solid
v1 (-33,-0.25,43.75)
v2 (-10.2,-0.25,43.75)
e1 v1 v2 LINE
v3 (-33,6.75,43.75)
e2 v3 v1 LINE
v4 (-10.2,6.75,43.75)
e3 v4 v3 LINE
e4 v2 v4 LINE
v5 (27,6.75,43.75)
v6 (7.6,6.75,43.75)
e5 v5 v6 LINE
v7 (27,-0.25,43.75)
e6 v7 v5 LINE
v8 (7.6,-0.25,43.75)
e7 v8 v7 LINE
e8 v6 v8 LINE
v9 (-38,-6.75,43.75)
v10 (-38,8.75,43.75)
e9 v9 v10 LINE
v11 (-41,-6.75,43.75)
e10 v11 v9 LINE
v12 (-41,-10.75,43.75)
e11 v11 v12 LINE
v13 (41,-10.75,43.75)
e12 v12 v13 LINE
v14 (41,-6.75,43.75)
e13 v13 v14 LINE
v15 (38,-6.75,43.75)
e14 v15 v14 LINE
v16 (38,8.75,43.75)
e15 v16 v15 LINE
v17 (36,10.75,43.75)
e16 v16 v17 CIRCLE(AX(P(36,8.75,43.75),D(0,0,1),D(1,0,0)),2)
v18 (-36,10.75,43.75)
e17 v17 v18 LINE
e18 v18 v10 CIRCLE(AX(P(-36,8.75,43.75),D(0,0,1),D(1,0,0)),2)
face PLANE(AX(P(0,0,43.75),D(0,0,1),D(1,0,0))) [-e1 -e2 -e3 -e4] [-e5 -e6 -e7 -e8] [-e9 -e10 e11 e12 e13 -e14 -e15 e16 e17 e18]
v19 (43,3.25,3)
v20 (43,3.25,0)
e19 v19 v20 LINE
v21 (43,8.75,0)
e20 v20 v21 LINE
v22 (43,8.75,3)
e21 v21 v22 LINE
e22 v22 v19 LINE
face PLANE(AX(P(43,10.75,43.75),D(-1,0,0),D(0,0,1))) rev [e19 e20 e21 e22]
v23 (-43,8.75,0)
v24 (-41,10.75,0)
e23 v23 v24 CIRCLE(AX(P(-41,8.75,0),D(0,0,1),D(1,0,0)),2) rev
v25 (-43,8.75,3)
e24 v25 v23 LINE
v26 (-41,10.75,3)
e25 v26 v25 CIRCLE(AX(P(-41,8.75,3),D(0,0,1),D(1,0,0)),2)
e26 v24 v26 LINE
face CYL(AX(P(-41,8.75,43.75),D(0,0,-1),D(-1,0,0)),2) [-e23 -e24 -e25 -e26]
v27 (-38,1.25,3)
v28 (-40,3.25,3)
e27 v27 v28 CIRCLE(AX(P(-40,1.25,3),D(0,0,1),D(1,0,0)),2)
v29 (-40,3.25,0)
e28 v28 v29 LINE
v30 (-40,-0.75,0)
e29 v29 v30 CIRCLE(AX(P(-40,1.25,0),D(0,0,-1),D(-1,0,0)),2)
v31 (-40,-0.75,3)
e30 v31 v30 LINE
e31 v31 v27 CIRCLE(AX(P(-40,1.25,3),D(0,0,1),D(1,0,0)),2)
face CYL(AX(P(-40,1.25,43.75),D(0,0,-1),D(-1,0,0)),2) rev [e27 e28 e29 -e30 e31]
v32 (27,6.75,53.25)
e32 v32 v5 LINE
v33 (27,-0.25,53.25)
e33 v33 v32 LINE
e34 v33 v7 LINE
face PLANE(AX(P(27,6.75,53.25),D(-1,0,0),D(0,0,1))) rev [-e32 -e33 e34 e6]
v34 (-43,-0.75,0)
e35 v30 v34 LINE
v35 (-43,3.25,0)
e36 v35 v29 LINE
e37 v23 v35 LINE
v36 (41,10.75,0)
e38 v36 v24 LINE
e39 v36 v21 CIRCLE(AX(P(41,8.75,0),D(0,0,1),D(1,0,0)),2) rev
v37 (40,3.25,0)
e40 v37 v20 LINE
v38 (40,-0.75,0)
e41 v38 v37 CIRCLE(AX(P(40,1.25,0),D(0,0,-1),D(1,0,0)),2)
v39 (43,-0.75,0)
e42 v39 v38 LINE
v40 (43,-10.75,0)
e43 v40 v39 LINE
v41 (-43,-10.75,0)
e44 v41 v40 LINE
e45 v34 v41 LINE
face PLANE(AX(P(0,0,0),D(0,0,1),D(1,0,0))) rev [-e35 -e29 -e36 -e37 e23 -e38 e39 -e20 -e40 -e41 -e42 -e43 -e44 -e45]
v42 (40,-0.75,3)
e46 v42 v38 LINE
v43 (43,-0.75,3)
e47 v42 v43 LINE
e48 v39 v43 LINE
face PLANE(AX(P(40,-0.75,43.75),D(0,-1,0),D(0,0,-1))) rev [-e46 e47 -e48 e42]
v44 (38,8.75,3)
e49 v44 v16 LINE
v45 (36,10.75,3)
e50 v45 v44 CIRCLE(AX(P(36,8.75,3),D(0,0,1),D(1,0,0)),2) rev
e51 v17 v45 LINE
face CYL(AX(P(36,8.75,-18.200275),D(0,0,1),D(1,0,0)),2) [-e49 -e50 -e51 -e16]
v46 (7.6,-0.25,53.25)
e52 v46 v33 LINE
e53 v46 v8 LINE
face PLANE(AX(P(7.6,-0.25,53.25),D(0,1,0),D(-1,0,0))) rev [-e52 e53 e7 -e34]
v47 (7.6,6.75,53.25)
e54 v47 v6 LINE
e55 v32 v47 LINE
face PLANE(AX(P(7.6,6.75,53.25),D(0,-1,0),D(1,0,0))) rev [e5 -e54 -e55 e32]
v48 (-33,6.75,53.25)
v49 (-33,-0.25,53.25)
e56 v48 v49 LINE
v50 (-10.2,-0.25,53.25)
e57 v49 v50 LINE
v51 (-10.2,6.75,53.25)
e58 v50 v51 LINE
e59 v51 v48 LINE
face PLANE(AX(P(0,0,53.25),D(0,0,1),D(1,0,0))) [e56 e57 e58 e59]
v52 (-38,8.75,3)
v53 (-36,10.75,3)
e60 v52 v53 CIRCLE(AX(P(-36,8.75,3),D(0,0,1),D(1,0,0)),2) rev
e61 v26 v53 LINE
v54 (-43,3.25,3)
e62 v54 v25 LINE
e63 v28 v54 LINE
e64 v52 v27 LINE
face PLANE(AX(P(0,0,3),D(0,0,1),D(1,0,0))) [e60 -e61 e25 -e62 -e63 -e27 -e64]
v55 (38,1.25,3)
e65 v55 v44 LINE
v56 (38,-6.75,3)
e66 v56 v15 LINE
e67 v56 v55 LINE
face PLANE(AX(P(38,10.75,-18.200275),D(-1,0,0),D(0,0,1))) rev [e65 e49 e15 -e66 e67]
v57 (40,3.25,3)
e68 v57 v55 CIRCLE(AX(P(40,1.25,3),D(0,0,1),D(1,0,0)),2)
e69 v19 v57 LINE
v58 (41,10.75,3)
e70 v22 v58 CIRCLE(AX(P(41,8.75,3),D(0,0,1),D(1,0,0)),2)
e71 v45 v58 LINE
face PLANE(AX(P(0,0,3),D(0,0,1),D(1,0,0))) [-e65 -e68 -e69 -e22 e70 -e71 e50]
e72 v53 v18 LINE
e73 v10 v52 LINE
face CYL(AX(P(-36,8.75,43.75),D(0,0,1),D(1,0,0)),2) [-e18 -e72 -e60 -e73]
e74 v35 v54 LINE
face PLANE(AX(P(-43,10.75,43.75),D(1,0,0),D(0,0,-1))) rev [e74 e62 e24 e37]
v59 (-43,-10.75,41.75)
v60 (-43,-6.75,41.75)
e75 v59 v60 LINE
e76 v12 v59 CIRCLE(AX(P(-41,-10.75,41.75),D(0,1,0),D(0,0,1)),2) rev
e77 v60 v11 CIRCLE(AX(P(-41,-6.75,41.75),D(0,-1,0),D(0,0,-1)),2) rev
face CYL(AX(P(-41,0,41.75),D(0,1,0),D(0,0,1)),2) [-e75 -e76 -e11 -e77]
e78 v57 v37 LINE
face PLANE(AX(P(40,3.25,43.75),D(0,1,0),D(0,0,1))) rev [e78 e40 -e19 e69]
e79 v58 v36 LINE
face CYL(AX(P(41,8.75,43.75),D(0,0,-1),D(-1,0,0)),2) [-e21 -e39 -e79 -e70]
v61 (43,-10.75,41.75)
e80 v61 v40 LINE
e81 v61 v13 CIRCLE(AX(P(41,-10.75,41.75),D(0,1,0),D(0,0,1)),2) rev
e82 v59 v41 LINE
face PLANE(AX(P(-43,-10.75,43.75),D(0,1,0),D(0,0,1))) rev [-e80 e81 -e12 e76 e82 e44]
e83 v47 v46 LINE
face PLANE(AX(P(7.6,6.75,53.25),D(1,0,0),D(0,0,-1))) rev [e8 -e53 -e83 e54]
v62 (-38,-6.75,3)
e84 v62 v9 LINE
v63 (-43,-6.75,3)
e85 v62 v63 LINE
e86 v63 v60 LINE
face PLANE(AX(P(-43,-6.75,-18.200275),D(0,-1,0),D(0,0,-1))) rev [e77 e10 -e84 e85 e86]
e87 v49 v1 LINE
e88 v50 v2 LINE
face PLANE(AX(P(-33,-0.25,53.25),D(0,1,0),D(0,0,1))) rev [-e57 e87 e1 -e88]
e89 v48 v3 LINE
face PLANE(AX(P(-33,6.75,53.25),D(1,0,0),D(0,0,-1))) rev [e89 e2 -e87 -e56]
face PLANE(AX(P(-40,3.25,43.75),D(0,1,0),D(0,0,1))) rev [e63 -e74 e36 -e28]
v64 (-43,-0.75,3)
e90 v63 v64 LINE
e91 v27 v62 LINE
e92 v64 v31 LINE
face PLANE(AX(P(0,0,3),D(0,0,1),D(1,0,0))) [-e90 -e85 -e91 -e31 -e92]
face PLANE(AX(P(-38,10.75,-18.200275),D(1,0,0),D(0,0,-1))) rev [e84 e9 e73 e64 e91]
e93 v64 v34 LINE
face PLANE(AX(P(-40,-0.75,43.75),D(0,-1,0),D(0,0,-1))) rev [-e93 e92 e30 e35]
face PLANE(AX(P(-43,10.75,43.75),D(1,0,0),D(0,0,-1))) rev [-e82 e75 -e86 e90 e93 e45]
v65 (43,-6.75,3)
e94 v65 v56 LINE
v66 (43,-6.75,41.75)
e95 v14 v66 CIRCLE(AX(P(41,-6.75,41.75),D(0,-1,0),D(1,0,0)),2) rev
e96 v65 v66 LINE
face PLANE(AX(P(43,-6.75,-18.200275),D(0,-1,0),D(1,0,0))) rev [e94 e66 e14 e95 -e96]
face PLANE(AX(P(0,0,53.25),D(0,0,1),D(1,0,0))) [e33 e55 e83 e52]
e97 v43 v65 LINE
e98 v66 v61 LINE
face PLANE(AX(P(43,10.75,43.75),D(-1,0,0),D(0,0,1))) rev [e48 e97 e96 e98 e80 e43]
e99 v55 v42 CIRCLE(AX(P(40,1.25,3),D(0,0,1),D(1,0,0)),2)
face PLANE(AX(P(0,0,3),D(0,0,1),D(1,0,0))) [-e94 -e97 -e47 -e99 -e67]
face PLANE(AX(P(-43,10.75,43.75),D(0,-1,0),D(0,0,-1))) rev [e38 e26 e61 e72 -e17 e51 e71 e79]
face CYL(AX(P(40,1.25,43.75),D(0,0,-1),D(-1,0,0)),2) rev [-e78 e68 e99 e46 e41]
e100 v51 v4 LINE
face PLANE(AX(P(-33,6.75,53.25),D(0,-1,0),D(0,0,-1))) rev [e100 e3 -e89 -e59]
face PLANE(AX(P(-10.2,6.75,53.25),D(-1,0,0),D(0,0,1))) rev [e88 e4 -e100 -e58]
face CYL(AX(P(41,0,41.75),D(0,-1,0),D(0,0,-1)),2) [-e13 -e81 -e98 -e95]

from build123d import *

# Parameters (mm, degrees)
SKETCH1_W           = 86
SKETCH1_H           = 21.5
BOSS_EXTRUDE1_DEPTH = 43.75
SKETCH2_W           = 5
SKETCH2_H           = 17.5
CUT_EXTRUDE1_DEPTH  = 40.75
CUT_EXTRUDE2_DEPTH  = 63.278607884
FILLET1_R           = 2
SKETCH4_W           = 22.8
SKETCH4_H           = 7
SKETCH4_W_2         = 19.4
BOSS_EXTRUDE2_DEPTH = 9.5


with BuildPart() as part:
    # Sketch1 → Boss-Extrude1 (new body)
    with BuildSketch(Plane.XY):
        Rectangle(SKETCH1_W, SKETCH1_H)
    extrude(amount=BOSS_EXTRUDE1_DEPTH)

    # Sketch2 → Cut-Extrude1 (cut)
    with BuildSketch(Plane.XY.offset(43.75)):
        with Locations((-40.5, 2)):
            Rectangle(SKETCH2_W, SKETCH2_H)
        with Locations((40.5, 2)):
            Rectangle(SKETCH2_W, SKETCH2_H)
    extrude(amount=-CUT_EXTRUDE1_DEPTH, mode=Mode.SUBTRACT)

    # Sketch3 → Cut-Extrude2 (cut, through all)
    with BuildSketch(Plane(origin=(0, 0, 0), x_dir=(-1, 0, 0), z_dir=(0, 0, -1))):
        with BuildLine():
            Line((40, 3.25), (47.671145092, 3.25))
            ThreePointArc((47.671145092, 3.25), (49.671145092, 1.25), (47.671145092, -0.75))
            Line((47.671145092, -0.75), (40, -0.75))
            ThreePointArc((40, -0.75), (38, 1.25), (40, 3.25))
        make_face()
        with BuildLine():
            Line((-40, 3.25), (-47.671145092, 3.25))
            ThreePointArc((-47.671145092, 3.25), (-49.671145092, 1.25), (-47.671145092, -0.75))
            Line((-47.671145092, -0.75), (-40, -0.75))
            ThreePointArc((-40, -0.75), (-38, 1.25), (-40, 3.25))
        make_face()
    extrude(amount=-CUT_EXTRUDE2_DEPTH, mode=Mode.SUBTRACT)

    # Fillet1
    fillet1_edges = [part.edges().sort_by_distance(p)[0] for p in [
        (-43, -8.75, 43.75),
        (-43, 10.75, 1.5),
        (43, 10.75, 1.5),
        (-38, 10.75, 23.375),
        (38, 10.75, 23.375),
        (43, -8.75, 43.75),
    ]]
    fillet(fillet1_edges, radius=FILLET1_R)

    # Sketch4 → Boss-Extrude2 (add)
    with BuildSketch(Plane.XY.offset(43.75)):
        with Locations((-21.6, 3.25)):
            Rectangle(SKETCH4_W, SKETCH4_H)
        with Locations((17.3, 3.25)):
            Rectangle(SKETCH4_W_2, SKETCH4_H)
    extrude(amount=BOSS_EXTRUDE2_DEPTH)


solid = part.part
